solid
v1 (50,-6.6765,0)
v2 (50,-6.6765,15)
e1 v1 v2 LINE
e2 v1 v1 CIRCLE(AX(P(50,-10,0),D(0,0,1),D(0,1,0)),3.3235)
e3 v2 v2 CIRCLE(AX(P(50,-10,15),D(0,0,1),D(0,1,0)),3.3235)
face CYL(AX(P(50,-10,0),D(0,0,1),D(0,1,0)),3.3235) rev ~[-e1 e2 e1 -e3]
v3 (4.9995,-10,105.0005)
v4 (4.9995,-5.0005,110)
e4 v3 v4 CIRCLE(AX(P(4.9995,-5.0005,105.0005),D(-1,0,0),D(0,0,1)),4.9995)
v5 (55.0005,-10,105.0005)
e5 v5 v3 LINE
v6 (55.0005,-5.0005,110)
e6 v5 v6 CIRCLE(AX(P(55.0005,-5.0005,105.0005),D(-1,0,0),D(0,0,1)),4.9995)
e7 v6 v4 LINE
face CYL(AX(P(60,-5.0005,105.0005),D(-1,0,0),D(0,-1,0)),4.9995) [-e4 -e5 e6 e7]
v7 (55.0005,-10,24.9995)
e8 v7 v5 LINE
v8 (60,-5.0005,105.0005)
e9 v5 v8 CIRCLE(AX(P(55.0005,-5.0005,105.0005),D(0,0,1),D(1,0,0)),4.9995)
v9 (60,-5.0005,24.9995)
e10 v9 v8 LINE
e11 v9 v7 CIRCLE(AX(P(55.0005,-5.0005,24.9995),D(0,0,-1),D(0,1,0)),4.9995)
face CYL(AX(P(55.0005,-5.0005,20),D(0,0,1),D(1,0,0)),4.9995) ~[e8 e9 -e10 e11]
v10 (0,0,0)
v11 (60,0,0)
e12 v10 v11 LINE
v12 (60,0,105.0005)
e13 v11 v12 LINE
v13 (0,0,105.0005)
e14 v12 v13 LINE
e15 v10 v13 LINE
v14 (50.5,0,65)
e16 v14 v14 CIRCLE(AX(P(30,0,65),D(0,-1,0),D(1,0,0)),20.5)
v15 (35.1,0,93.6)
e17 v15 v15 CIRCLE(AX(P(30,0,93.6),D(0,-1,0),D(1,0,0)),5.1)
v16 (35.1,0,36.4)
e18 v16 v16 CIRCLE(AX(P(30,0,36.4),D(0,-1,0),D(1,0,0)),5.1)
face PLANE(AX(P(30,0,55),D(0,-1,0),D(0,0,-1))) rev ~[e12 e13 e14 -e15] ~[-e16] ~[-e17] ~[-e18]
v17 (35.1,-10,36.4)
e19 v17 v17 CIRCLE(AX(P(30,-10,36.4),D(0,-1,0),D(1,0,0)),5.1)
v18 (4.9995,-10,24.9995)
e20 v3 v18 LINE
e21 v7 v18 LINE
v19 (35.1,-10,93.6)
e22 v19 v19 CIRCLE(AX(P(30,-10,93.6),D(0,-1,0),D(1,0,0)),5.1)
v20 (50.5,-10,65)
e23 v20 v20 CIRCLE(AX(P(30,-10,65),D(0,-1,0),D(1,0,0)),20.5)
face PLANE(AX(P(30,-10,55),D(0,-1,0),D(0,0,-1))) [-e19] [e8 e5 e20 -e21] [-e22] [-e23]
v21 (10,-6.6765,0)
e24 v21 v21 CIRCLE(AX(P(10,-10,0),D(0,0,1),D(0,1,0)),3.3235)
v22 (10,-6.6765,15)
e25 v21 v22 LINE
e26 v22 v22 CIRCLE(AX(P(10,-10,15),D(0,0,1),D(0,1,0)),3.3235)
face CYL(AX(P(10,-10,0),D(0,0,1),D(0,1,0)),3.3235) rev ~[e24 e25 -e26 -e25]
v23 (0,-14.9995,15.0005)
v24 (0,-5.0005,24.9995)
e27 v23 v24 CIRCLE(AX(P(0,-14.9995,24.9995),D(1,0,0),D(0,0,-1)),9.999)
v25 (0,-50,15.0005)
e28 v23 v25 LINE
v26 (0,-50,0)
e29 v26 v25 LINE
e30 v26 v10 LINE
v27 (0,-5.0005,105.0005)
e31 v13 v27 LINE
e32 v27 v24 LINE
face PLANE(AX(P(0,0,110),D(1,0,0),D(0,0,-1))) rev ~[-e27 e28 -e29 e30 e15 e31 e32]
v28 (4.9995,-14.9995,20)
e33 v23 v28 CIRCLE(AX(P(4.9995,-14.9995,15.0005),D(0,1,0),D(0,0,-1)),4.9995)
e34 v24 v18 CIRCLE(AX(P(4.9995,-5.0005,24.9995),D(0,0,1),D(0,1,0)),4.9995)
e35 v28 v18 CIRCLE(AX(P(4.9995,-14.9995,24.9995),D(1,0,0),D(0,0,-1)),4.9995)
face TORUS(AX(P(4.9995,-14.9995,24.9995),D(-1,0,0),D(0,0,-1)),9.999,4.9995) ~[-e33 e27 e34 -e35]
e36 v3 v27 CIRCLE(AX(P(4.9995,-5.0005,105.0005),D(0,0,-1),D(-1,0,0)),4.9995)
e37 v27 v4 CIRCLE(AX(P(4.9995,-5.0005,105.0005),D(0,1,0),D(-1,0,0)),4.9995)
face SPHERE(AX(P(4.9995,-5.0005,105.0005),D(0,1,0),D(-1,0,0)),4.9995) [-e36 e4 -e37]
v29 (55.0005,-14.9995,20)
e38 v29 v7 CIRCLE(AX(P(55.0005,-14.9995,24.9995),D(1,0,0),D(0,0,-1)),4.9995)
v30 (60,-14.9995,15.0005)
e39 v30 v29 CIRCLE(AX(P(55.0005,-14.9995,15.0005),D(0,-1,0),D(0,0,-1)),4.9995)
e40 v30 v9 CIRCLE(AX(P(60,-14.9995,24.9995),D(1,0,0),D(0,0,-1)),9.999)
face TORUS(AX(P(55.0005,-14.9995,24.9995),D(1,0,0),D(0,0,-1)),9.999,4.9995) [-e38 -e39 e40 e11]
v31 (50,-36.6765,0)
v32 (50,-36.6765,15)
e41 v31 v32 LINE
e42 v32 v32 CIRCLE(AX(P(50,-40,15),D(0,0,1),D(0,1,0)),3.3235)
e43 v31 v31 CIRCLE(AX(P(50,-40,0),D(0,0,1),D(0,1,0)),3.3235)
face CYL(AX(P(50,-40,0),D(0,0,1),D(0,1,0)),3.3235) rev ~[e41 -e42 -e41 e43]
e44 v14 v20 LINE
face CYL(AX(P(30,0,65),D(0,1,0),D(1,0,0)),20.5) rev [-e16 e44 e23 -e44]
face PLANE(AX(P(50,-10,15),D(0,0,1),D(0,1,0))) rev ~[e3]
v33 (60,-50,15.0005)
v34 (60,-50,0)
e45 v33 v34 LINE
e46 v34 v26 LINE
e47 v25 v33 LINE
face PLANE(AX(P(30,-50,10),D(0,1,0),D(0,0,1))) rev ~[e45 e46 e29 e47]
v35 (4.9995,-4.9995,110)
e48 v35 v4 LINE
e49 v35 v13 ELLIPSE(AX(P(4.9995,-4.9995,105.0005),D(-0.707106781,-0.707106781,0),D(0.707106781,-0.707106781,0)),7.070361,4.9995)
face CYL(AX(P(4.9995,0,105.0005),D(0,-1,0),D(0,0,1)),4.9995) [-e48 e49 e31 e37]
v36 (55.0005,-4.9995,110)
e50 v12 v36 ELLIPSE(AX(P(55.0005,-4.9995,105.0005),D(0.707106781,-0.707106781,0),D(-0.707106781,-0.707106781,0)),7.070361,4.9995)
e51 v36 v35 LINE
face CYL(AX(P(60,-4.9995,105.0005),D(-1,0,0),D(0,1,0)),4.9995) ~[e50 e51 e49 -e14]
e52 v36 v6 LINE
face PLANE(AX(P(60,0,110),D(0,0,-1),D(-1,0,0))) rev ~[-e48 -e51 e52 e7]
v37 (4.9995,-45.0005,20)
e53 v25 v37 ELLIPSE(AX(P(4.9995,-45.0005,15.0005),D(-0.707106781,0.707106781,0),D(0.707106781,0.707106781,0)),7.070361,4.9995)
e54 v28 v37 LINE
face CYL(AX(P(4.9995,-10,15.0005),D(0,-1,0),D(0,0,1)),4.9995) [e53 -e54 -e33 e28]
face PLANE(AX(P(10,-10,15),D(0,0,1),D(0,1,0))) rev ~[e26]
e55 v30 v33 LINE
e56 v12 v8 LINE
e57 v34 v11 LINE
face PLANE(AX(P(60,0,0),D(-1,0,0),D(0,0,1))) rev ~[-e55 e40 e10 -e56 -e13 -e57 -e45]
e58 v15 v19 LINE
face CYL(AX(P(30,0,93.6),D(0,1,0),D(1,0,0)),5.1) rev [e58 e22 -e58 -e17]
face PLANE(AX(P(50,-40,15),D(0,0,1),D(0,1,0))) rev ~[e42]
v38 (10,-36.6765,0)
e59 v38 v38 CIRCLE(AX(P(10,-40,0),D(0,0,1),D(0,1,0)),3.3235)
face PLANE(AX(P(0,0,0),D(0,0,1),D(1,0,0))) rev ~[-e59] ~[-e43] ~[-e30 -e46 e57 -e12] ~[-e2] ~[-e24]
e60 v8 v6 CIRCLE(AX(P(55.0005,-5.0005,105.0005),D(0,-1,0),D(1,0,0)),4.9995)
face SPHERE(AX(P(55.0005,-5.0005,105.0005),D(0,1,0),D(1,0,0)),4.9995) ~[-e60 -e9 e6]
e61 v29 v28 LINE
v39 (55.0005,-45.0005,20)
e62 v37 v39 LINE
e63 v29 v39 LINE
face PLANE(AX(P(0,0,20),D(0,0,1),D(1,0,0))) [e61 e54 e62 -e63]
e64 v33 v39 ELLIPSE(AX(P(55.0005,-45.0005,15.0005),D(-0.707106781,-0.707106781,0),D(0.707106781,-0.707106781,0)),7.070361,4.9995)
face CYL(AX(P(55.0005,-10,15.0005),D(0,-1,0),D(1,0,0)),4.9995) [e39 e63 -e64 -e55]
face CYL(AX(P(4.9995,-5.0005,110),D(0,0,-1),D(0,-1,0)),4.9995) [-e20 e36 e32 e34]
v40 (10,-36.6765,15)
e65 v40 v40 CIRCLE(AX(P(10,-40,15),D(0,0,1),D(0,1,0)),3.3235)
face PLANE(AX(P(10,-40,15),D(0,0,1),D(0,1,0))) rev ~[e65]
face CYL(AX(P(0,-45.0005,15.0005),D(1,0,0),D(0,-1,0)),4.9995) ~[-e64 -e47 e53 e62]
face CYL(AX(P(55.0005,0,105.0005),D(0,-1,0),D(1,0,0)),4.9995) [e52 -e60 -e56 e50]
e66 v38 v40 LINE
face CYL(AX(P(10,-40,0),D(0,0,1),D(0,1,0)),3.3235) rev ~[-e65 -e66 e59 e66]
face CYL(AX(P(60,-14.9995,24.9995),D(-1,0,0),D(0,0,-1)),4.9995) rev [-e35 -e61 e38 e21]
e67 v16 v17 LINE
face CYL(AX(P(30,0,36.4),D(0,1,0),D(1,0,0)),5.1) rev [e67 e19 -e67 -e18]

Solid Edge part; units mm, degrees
sketch "Sketch1" plane through (0, 0, 0) normal (0, -1, 0) x (1, 0, 0)
  line L0 (60, 0) -> (60, 110)
  line L1 (60, 110) -> (0, 110)
  line L2 (0, 110) -> (0, 0)
  line L3 (0, 0) -> (60, 0)
  circle A0 centre (30, 93.6) radius 5.1
  circle A1 centre (30, 36.4) radius 5.1
  circle A2 centre (30, 65) radius 20.5
  dimension "D1" = 41
  dimension "D2" = 16.4
  dimension "D3" = 28.6
  dimension "D4" = 28.6
  dimension "D5" = 60
  dimension "D6" = 110
extrude "Protrusion1" add sketch "Sketch1" along normal blind 10
sketch "Sketch2" plane through (0, 0, 0) normal (0, -1, 0) x (1, 0, 0)
  line L0 (0, 20) -> (60, 20)
  line L1 (60, 20) -> (60, 0)
  line L2 (60, 0) -> (0, 0)
  line L3 (0, 0) -> (0, 20)
extrude "övre_fäste_protrusion" add sketch "Sketch2" along normal blind 50
hole "Hole_5" at (10, -40, 0) direction (0, 0, 1) diameter 6.647 depth 15
hole "Hole1" at (50, -40, 0) direction (0, 0, 1) diameter 6.647 depth 15
hole "Hole2" at (10, -10, 0) direction (0, 0, 1) diameter 6.647 depth 15
hole "Hole3" at (50, -10, 0) direction (0, 0, 1) diameter 6.647 depth 15
fillet "Round_1" radius 5 10 edges at (0, -5, 110) (60, -5, 110) (30, -10, 20) (30, -50, 20) (0, -30, 20) (60, -30, 20) (60, -10, 65) (0, -10, 65) (30, -10, 110) (30, 0, 110)
